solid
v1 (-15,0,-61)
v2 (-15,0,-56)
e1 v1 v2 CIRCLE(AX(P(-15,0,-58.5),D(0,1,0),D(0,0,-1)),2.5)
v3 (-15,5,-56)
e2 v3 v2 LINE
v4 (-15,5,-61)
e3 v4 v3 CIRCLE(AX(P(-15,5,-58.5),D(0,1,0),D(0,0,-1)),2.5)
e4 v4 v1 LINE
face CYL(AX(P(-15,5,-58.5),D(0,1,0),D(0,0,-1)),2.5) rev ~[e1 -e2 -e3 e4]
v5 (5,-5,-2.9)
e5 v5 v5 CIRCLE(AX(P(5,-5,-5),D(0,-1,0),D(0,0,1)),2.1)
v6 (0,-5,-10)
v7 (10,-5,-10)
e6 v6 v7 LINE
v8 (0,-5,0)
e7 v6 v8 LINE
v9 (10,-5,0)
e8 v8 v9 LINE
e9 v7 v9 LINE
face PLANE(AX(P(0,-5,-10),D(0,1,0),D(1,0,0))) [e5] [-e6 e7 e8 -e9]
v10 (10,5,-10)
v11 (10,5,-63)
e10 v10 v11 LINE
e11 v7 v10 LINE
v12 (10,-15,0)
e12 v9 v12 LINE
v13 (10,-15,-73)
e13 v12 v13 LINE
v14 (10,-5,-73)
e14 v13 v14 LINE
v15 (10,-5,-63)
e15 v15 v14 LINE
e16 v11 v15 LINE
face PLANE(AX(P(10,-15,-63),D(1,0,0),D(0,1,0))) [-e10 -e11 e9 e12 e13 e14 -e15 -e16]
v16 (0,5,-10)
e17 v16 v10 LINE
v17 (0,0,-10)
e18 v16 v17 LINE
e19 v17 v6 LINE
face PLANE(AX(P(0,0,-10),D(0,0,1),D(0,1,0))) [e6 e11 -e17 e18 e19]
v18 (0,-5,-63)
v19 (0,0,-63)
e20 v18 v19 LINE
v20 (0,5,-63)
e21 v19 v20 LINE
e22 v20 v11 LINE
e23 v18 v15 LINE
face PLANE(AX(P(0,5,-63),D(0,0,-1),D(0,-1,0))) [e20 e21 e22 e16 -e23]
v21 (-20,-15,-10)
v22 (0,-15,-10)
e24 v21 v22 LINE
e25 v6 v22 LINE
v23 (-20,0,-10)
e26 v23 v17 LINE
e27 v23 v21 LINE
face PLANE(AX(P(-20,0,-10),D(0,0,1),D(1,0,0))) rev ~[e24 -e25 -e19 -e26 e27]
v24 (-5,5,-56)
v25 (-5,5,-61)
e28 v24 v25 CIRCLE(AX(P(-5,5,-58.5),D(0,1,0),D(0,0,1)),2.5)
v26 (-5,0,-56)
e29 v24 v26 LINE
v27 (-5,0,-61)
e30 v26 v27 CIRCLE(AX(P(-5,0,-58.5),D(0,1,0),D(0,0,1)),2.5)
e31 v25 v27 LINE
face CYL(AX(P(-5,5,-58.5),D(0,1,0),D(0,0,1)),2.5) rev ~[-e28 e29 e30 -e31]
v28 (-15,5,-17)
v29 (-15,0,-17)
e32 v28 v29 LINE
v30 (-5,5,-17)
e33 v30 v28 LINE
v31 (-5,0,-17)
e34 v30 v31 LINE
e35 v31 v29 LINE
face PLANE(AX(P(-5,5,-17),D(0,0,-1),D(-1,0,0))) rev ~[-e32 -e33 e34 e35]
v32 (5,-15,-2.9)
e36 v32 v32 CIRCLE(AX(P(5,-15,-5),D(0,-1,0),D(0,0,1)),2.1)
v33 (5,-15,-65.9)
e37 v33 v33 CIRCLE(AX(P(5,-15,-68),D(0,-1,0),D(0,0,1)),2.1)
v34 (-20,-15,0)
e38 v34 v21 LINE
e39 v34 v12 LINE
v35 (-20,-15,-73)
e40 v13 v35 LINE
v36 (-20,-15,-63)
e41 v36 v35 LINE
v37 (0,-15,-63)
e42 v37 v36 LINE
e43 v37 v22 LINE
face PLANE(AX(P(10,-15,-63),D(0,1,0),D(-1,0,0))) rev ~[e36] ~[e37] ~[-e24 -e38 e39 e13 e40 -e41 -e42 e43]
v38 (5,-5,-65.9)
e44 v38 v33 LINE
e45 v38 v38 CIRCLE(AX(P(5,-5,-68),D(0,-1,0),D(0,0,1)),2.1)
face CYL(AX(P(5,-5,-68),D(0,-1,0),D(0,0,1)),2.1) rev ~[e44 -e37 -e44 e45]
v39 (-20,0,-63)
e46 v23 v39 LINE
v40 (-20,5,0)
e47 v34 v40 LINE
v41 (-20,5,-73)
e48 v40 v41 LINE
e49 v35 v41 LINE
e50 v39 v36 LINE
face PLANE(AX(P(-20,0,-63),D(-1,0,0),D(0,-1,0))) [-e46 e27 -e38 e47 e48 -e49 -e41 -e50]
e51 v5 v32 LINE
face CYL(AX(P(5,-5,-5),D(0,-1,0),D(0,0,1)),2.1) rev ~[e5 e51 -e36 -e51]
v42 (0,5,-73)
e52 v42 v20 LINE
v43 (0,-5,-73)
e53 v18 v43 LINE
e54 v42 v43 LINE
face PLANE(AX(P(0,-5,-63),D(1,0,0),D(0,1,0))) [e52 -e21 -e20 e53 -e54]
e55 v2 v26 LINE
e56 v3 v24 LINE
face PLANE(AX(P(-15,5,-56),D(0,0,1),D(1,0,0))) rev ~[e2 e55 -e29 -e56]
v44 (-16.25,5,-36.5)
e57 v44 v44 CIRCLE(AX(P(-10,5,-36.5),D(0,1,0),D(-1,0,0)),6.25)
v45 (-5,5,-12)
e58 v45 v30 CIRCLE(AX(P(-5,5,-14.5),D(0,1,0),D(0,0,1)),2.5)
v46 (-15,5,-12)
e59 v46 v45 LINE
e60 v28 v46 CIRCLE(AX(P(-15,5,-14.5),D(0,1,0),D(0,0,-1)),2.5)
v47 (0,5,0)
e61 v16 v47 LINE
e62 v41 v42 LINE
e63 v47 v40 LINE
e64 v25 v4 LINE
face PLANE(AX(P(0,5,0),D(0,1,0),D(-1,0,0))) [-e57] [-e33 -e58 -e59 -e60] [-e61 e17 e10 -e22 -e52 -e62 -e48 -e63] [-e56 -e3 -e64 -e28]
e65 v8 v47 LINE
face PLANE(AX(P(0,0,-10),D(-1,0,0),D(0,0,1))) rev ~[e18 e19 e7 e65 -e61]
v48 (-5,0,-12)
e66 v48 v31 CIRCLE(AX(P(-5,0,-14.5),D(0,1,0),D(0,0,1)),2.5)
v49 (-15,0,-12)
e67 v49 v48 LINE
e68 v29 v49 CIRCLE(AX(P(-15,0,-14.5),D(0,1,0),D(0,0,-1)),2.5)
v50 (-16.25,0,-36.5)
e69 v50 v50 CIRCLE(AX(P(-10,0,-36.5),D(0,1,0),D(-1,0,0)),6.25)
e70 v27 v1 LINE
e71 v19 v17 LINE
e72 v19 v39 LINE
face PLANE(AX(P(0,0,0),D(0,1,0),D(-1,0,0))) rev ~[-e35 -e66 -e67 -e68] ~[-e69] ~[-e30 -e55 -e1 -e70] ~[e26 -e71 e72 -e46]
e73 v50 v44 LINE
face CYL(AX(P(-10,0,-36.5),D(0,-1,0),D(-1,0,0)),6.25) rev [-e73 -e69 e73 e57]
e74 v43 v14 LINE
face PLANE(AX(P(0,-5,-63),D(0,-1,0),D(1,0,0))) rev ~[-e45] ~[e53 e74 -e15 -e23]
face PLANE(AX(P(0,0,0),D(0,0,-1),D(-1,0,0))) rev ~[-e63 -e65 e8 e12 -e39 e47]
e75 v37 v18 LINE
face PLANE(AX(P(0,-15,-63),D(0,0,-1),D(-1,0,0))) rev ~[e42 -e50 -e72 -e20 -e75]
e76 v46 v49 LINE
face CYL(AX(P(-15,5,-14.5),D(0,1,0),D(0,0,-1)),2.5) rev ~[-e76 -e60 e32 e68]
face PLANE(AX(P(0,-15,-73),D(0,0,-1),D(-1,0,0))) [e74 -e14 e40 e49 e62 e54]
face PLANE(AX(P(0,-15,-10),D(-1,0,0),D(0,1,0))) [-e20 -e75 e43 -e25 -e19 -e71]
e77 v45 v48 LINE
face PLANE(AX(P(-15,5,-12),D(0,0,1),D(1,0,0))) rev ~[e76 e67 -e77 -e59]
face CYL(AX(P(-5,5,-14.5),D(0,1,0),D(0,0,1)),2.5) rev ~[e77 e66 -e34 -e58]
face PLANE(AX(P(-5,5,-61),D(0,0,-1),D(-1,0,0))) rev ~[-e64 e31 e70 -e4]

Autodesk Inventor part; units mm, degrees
ref_plane "YZ Plane" through (0, 0, 0) normal (1, 0, 0) x (0, 1, 0)
ref_plane "XZ Plane" through (0, 0, 0) normal (0, 1, 0) x (-1, 0, 0)
ref_plane "XY Plane" through (0, 0, 0) normal (0, 0, 1) x (1, 0, 0)
sketch "Sketch1" plane through (0, 0, 0) normal (0, 1, 0) x (-1, 0, 0)
  line L0 (0, 0) -> (20, 0)
  line L1 (20, 0) -> (20, -73)
  line L2 (20, -73) -> (0, -73)
  line L3 (0, -73) -> (0, 0)
  circle A0 centre (10, -36.5) radius 6.25
  dimension "d0" = 20
  dimension "d1" = 73
  dimension "d2" = 12.5
  dimension "d3" = 10
  dimension "d4" = 36.5
extrude "Extrusion1" add sketch "Sketch1" along normal blind 5
sketch "Sketch2" plane through (0, 0, 0) normal (1, 0, 0) x (0, 0, -1)
  line L0 (10, 5) -> (63, 5)
  line L1 (63, 5) -> (63, -15)
  line L2 (63, -15) -> (10, -15)
  line L3 (10, -15) -> (10, 5)
  line L4 (0, 5) -> (73, 5) projected
  line L5 (0, 0) -> (0, 5) projected
  line L6 (73, 0) -> (73, 5) projected
  line L7 (73, 0) -> (0, 0) projected
  dimension "d7" = 10
  dimension "d8" = 10
  dimension "d9" = 15
extrude "Extrusion2" add sketch "Sketch2" along normal blind 10 contours L0 L1 L7 L3 | L7 L1 L2 L3
sketch "Sketch3" plane through (0, -15, -10) normal (0, 0, 1) x (1, 0, 0)
  line L0 (0, 10) -> (10, 10)
  line L1 (10, 10) -> (10, 0)
  line L2 (10, 0) -> (0, 0)
  line L3 (0, 0) -> (0, 10)
  line L4 (10, 20) -> (10, 0) projected
  line L5 (0, 0) -> (10, 0) projected
  point P0 (0, 15)
  dimension "d12" = 10
  dimension "d13" = 10
extrude "Extrusion3" add sketch "Sketch3" along normal blind 10
sketch "Sketch4" plane through (0, 0, 0) normal (0, -1, 0) x (1, 0, 0)
  line L0 (-20, -10) -> (0, -10)
  line L1 (0, -10) -> (0, 0)
  line L2 (0, 0) -> (-20, 0)
  line L3 (-20, 0) -> (-20, -10)
  line L4 (0, 0) -> (-20, 0) projected
  line L5 (-20, 0) -> (-20, -73) projected
  line L6 (0, -63) -> (0, 0) projected
  dimension "d16" = 10
extrude "Extrusion4" add sketch "Sketch4" along normal blind 15
sketch "Sketch5" plane through (0, -15, -63) normal (0, 0, -1) x (-1, 0, 0)
  line L0 (-10, 0) -> (-10, 10) projected
  line L1 (-10, 0) -> (-10, 10)
  line L2 (0, 10) -> (-10, 10) projected
  line L3 (-10, 10) -> (0, 10)
  line L4 (0, 10) -> (0, 15)
  line L5 (0, 10) -> (0, 20) projected
  line L6 (0, 15) -> (20, 15) projected
  line L7 (-10, 0) -> (20, 0) projected
  line L8 (20, 15) -> (20, 0)
  line L9 (20, 0) -> (-10, 0)
  dimension "d19" = 15
extrude "Extrusion5" add sketch "Sketch5" along normal blind 10
sketch "Sketch6" plane through (0, 5, 0) normal (0, 1, 0) x (1, 0, 0)
  line L0 (-5, 58.5) -> (-15, 58.5) construction
  line L1 (-5, 61) -> (-15, 61)
  line L2 (-15, 56) -> (-5, 56)
  arc A0 (-5, 56) -> (-5, 61) centre (-5, 58.5) ccw
  arc A1 (-15, 61) -> (-15, 56) centre (-15, 58.5) ccw
  line L3 (-5, 14.5) -> (-15, 14.5) construction
  line L4 (-5, 17) -> (-15, 17)
  line L5 (-15, 12) -> (-5, 12)
  arc A2 (-5, 12) -> (-5, 17) centre (-5, 14.5) ccw
  arc A3 (-15, 17) -> (-15, 12) centre (-15, 14.5) ccw
  line L6 (-20, 0) -> (0, 0) projected
  line L7 (0, 73) -> (-20, 73) projected
  line L8 (-20, 73) -> (-20, 0) projected
  point P0 (-10, 58.5)
  point P1 (-10, 14.5)
  dimension "d22" = 5
  dimension "d23" = 5
  dimension "d24" = 12
  dimension "d25" = 12
  dimension "d26" = 10
  dimension "d27" = 10
  dimension "d28" = 10
  dimension "d29" = 10
extrude "Extrusion6" cut sketch "Sketch6" against normal blind 10
hole "Hole1" at (5, -5, -5) direction (0, -1, 0) diameter 4.2 end through all
hole "Hole3" at (5, -5, -68) direction (0, -1, 0) diameter 4.2 end through all
properties part number "powerSwitchHolder"
